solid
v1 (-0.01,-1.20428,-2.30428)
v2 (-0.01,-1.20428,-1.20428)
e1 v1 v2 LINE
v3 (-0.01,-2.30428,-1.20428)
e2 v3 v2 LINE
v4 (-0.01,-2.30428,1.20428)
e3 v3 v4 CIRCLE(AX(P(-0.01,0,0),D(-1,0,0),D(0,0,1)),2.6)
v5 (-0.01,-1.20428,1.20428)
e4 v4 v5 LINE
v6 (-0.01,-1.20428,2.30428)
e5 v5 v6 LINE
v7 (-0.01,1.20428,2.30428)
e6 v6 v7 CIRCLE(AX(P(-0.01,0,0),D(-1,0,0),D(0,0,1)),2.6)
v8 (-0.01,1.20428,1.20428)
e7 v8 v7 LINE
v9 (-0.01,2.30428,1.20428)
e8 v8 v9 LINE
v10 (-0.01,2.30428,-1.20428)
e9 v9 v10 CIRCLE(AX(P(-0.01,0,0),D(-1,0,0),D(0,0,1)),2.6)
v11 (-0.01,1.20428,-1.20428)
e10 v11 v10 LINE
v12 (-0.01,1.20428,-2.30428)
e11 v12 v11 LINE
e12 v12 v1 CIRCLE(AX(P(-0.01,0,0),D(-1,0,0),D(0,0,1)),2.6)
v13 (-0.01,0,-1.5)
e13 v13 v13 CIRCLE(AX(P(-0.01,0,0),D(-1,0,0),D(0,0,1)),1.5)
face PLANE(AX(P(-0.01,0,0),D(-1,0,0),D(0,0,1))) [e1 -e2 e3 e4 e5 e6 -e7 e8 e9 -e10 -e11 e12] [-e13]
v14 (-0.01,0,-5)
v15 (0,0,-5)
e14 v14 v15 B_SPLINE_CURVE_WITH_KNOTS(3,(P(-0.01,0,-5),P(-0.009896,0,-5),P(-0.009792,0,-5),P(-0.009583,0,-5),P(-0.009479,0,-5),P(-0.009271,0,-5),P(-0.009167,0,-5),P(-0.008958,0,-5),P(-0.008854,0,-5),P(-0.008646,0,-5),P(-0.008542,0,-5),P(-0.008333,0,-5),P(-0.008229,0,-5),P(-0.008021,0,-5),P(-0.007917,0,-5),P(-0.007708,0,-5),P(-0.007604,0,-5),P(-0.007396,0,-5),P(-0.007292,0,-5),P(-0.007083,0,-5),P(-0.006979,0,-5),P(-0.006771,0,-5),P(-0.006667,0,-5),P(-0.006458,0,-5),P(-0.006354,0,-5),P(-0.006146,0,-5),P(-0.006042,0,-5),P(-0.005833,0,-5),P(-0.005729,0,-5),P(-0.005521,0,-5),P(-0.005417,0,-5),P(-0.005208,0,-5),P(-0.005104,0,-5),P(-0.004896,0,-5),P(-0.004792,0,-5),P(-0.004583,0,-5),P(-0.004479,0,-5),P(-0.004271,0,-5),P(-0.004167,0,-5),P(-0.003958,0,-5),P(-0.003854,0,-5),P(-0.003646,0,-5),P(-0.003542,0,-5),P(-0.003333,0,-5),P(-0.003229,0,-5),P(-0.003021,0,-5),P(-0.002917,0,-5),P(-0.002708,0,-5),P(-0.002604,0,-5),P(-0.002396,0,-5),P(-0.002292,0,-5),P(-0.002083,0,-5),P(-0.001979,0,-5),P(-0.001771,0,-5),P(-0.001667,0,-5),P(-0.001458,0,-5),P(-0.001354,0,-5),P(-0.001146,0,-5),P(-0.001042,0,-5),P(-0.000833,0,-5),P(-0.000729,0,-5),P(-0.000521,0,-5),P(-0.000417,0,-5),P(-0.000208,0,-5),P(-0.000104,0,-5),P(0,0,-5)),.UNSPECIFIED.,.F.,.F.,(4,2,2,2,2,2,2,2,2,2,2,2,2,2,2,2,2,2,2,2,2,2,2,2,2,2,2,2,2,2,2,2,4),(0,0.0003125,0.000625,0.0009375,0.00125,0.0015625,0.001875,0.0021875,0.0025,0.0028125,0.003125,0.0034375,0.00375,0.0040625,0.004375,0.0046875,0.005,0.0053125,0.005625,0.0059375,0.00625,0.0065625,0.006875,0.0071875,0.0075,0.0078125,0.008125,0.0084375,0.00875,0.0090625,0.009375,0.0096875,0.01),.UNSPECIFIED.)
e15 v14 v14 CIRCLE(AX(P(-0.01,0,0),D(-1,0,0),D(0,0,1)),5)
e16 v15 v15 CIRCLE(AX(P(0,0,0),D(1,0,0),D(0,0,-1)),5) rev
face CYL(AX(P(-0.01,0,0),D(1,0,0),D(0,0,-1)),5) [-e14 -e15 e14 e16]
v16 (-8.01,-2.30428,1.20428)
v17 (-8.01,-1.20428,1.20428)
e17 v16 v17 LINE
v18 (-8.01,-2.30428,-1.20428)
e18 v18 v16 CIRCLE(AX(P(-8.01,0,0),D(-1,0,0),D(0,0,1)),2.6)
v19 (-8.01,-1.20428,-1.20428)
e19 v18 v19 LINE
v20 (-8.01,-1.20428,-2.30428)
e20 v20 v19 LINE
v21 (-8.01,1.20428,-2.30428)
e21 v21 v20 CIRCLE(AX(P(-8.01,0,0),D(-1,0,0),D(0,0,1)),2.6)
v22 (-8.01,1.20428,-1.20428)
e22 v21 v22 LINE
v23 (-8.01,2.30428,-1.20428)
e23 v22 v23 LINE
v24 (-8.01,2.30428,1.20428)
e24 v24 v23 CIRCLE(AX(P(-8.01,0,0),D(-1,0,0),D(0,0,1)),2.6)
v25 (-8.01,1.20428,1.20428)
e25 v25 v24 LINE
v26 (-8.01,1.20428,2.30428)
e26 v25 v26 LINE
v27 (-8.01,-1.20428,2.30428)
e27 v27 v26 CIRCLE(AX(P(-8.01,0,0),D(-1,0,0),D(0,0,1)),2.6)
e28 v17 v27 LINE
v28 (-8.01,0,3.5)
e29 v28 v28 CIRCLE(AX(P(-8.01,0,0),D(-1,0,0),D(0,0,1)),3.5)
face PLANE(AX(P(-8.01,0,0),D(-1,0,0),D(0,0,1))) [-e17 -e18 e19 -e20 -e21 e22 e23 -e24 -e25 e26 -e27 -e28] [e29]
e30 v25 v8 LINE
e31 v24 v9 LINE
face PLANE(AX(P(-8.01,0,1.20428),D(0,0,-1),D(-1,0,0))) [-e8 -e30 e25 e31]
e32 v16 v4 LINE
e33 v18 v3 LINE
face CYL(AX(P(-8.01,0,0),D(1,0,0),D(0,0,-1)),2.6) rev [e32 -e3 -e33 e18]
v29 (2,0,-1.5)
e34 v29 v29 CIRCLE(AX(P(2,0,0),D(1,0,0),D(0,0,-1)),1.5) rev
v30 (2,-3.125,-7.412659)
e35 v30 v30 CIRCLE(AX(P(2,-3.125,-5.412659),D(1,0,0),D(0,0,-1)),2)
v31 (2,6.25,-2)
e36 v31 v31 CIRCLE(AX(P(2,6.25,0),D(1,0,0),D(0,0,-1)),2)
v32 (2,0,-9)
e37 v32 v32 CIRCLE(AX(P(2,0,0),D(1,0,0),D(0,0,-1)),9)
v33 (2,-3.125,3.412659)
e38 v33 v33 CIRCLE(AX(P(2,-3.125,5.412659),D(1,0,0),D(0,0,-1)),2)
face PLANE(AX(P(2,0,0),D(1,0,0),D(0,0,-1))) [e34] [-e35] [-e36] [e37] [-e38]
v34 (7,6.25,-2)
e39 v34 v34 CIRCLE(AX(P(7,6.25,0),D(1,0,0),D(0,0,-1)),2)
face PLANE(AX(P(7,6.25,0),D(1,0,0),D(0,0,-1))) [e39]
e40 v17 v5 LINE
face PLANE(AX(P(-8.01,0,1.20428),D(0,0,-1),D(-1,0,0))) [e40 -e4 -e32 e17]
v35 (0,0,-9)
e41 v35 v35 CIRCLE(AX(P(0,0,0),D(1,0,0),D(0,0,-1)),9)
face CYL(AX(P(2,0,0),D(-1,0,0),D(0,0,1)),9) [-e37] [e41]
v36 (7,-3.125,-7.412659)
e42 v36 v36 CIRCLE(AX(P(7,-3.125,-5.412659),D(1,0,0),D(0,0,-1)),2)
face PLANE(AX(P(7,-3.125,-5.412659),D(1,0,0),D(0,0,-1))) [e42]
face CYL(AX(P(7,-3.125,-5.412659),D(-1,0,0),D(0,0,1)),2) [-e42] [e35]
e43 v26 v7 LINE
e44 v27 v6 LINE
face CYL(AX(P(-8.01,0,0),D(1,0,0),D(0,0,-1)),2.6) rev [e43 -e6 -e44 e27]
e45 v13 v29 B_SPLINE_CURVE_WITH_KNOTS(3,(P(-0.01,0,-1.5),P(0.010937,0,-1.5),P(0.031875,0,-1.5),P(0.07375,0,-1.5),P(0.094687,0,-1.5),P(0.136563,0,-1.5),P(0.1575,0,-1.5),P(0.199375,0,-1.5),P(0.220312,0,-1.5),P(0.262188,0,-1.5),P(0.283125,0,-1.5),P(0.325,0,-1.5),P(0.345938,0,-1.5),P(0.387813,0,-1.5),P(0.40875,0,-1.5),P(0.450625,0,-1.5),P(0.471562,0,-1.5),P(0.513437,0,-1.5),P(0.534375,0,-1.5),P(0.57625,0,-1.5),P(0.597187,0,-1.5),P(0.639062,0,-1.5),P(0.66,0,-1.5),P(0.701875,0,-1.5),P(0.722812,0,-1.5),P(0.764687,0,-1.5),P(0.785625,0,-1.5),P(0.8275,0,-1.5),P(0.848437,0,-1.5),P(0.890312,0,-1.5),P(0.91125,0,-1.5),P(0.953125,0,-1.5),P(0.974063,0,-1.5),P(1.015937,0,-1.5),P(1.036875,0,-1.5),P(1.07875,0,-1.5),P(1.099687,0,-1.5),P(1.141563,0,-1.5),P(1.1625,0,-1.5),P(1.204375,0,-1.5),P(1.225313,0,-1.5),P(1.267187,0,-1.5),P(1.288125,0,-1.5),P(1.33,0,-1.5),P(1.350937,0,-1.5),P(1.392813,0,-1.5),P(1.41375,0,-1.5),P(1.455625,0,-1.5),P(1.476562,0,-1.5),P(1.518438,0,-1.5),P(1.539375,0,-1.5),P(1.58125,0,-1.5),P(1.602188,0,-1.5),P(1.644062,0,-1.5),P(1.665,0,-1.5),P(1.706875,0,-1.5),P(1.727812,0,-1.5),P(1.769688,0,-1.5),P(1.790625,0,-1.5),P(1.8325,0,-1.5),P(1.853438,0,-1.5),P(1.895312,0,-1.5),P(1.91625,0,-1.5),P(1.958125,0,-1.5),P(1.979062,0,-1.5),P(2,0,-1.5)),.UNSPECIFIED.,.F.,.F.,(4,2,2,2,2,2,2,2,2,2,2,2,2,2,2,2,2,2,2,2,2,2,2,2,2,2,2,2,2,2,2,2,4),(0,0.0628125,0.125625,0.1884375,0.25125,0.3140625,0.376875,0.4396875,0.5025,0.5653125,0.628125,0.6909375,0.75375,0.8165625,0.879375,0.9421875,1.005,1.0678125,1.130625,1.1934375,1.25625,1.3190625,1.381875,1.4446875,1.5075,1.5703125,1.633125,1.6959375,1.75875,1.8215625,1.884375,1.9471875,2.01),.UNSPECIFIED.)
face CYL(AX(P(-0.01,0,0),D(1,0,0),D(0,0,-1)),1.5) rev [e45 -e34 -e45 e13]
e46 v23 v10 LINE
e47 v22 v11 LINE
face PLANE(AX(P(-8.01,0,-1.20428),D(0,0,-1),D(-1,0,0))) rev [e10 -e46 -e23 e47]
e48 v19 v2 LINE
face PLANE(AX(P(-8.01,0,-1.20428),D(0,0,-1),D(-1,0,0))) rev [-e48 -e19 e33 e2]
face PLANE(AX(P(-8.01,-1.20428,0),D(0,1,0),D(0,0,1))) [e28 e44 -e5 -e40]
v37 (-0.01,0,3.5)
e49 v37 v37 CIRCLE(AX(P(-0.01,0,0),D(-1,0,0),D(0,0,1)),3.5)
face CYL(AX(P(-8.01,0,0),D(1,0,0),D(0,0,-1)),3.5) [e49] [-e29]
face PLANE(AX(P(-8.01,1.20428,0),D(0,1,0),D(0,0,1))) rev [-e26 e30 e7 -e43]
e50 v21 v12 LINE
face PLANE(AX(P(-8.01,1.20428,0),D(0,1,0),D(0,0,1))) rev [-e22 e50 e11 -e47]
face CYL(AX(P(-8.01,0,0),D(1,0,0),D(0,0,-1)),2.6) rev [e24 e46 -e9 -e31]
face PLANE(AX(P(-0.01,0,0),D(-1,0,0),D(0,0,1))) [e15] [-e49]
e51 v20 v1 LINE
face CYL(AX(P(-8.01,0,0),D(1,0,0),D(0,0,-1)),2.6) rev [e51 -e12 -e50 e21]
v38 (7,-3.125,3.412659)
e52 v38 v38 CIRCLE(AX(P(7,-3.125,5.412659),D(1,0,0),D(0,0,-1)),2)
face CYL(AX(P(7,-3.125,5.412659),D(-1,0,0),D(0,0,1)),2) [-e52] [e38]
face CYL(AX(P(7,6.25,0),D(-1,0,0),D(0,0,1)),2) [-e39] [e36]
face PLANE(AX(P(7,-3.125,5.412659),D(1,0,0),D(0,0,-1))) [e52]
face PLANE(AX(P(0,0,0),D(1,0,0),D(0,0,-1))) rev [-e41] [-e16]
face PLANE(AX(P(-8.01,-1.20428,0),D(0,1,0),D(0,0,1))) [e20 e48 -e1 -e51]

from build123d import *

# Parameters (mm, degrees)
SKETCH_1_R          = 9
EXTRUDE_1_DEPTH     = 2
EXTRUDE_START       = 2
SKETCH_1_3_R        = 2
EXTRUDE_2_DEPTH     = 5
SKETCH_2_R          = 5
SKETCH_2_R_2        = 1.5
EXTRUDE_3_DEPTH     = 0.01
SKETCH_3_R          = 3.5
SKETCH_3_R_2        = 2.6
EXTRUDE_4_DEPTH     = 8
CUT_EXTRUDE_1_REACH = 17.039
SKETCH_2_5_R        = 1.5


with BuildPart() as part:
    # 草图1 → 凸台-拉伸1 (new body)
    with BuildSketch(Plane(origin=(0, 0, 0), x_dir=(0, 0, -1), z_dir=(1, 0, 0))):
        Circle(SKETCH_1_R)
    extrude(amount=EXTRUDE_1_DEPTH)

    # 草图1<3> → 凸台-拉伸2 (add)
    with BuildSketch(Plane(origin=(0, 0, 0), x_dir=(0, 0, -1), z_dir=(1, 0, 0)).offset(EXTRUDE_START)):
        with Locations((0, 6.25)):
            Circle(SKETCH_1_3_R)
        with Locations((-5.412658774, -3.125)):
            Circle(SKETCH_1_3_R)
        with Locations((5.412658774, -3.125)):
            Circle(SKETCH_1_3_R)
    extrude(amount=EXTRUDE_2_DEPTH)

    # 草图2 → 凸台-拉伸3 (add)
    with BuildSketch(Plane.ZY):
        with Locations(Location((0, 0, 0), (0, 0, 180))):
            Circle(SKETCH_2_R)
        with Locations(Location((0, 0, 0), (0, 0, 180))):
            Circle(SKETCH_2_R_2, mode=Mode.SUBTRACT)
    extrude(amount=EXTRUDE_3_DEPTH)

    # 草图3 → 凸台-拉伸4 (add)
    # profile 1 of 5: a face of its own
    with BuildSketch(Plane.ZY.offset(0.01)):
        Circle(SKETCH_3_R)
        Circle(SKETCH_3_R_2, mode=Mode.SUBTRACT)
    # profile 2 of 5: a face of its own
    with BuildSketch(Plane.ZY.offset(0.01)):
        with BuildLine():
            ThreePointArc((-1.204280479, 2.304280479), (-1.838477631, 1.838477631), (-2.304280479, 1.204280479))
            Line((-2.304280479, 1.204280479), (-1.204280479, 1.204280479))
            Line((-1.204280479, 1.204280479), (-1.204280479, 2.304280479))
        make_face()
    # profile 3 of 5: a face of its own
    with BuildSketch(Plane.ZY.offset(0.01)):
        with BuildLine():
            Line((-1.204280479, -1.204280479), (-2.304280479, -1.204280479))
            ThreePointArc((-2.304280479, -1.204280479), (-1.838477631, -1.838477631), (-1.204280479, -2.304280479))
            Line((-1.204280479, -2.304280479), (-1.204280479, -1.204280479))
        make_face()
    # profile 4 of 5: a face of its own
    with BuildSketch(Plane.ZY.offset(0.01)):
        with BuildLine():
            Line((2.304280479, -1.204280479), (1.204280479, -1.204280479))
            Line((1.204280479, -1.204280479), (1.204280479, -2.304280479))
            ThreePointArc((1.204280479, -2.304280479), (1.838477631, -1.838477631), (2.304280479, -1.204280479))
        make_face()
    # profile 5 of 5: a face of its own
    with BuildSketch(Plane.ZY.offset(0.01)):
        with BuildLine():
            Line((1.204280479, 2.304280479), (1.204280479, 1.204280479))
            Line((1.204280479, 1.204280479), (2.304280479, 1.204280479))
            ThreePointArc((2.304280479, 1.204280479), (1.838477631, 1.838477631), (1.204280479, 2.304280479))
        make_face()
    extrude(amount=EXTRUDE_4_DEPTH)

    # 草图2<5> → 切除-拉伸1 (cut, up to next)
    with BuildSketch(Plane.ZY, mode=Mode.PRIVATE) as cut_extrude_1_sk1:
        with Locations(Location((0, 0, 0), (0, 0, 180))):
            Circle(SKETCH_2_5_R)
    cut_extrude_1_tool1 = extrude(cut_extrude_1_sk1.sketch, amount=-CUT_EXTRUDE_1_REACH, mode=Mode.PRIVATE) & part.part
    add(cut_extrude_1_tool1.solids().sort_by_distance((0, 0, 0))[0], mode=Mode.SUBTRACT)


solid = part.part
